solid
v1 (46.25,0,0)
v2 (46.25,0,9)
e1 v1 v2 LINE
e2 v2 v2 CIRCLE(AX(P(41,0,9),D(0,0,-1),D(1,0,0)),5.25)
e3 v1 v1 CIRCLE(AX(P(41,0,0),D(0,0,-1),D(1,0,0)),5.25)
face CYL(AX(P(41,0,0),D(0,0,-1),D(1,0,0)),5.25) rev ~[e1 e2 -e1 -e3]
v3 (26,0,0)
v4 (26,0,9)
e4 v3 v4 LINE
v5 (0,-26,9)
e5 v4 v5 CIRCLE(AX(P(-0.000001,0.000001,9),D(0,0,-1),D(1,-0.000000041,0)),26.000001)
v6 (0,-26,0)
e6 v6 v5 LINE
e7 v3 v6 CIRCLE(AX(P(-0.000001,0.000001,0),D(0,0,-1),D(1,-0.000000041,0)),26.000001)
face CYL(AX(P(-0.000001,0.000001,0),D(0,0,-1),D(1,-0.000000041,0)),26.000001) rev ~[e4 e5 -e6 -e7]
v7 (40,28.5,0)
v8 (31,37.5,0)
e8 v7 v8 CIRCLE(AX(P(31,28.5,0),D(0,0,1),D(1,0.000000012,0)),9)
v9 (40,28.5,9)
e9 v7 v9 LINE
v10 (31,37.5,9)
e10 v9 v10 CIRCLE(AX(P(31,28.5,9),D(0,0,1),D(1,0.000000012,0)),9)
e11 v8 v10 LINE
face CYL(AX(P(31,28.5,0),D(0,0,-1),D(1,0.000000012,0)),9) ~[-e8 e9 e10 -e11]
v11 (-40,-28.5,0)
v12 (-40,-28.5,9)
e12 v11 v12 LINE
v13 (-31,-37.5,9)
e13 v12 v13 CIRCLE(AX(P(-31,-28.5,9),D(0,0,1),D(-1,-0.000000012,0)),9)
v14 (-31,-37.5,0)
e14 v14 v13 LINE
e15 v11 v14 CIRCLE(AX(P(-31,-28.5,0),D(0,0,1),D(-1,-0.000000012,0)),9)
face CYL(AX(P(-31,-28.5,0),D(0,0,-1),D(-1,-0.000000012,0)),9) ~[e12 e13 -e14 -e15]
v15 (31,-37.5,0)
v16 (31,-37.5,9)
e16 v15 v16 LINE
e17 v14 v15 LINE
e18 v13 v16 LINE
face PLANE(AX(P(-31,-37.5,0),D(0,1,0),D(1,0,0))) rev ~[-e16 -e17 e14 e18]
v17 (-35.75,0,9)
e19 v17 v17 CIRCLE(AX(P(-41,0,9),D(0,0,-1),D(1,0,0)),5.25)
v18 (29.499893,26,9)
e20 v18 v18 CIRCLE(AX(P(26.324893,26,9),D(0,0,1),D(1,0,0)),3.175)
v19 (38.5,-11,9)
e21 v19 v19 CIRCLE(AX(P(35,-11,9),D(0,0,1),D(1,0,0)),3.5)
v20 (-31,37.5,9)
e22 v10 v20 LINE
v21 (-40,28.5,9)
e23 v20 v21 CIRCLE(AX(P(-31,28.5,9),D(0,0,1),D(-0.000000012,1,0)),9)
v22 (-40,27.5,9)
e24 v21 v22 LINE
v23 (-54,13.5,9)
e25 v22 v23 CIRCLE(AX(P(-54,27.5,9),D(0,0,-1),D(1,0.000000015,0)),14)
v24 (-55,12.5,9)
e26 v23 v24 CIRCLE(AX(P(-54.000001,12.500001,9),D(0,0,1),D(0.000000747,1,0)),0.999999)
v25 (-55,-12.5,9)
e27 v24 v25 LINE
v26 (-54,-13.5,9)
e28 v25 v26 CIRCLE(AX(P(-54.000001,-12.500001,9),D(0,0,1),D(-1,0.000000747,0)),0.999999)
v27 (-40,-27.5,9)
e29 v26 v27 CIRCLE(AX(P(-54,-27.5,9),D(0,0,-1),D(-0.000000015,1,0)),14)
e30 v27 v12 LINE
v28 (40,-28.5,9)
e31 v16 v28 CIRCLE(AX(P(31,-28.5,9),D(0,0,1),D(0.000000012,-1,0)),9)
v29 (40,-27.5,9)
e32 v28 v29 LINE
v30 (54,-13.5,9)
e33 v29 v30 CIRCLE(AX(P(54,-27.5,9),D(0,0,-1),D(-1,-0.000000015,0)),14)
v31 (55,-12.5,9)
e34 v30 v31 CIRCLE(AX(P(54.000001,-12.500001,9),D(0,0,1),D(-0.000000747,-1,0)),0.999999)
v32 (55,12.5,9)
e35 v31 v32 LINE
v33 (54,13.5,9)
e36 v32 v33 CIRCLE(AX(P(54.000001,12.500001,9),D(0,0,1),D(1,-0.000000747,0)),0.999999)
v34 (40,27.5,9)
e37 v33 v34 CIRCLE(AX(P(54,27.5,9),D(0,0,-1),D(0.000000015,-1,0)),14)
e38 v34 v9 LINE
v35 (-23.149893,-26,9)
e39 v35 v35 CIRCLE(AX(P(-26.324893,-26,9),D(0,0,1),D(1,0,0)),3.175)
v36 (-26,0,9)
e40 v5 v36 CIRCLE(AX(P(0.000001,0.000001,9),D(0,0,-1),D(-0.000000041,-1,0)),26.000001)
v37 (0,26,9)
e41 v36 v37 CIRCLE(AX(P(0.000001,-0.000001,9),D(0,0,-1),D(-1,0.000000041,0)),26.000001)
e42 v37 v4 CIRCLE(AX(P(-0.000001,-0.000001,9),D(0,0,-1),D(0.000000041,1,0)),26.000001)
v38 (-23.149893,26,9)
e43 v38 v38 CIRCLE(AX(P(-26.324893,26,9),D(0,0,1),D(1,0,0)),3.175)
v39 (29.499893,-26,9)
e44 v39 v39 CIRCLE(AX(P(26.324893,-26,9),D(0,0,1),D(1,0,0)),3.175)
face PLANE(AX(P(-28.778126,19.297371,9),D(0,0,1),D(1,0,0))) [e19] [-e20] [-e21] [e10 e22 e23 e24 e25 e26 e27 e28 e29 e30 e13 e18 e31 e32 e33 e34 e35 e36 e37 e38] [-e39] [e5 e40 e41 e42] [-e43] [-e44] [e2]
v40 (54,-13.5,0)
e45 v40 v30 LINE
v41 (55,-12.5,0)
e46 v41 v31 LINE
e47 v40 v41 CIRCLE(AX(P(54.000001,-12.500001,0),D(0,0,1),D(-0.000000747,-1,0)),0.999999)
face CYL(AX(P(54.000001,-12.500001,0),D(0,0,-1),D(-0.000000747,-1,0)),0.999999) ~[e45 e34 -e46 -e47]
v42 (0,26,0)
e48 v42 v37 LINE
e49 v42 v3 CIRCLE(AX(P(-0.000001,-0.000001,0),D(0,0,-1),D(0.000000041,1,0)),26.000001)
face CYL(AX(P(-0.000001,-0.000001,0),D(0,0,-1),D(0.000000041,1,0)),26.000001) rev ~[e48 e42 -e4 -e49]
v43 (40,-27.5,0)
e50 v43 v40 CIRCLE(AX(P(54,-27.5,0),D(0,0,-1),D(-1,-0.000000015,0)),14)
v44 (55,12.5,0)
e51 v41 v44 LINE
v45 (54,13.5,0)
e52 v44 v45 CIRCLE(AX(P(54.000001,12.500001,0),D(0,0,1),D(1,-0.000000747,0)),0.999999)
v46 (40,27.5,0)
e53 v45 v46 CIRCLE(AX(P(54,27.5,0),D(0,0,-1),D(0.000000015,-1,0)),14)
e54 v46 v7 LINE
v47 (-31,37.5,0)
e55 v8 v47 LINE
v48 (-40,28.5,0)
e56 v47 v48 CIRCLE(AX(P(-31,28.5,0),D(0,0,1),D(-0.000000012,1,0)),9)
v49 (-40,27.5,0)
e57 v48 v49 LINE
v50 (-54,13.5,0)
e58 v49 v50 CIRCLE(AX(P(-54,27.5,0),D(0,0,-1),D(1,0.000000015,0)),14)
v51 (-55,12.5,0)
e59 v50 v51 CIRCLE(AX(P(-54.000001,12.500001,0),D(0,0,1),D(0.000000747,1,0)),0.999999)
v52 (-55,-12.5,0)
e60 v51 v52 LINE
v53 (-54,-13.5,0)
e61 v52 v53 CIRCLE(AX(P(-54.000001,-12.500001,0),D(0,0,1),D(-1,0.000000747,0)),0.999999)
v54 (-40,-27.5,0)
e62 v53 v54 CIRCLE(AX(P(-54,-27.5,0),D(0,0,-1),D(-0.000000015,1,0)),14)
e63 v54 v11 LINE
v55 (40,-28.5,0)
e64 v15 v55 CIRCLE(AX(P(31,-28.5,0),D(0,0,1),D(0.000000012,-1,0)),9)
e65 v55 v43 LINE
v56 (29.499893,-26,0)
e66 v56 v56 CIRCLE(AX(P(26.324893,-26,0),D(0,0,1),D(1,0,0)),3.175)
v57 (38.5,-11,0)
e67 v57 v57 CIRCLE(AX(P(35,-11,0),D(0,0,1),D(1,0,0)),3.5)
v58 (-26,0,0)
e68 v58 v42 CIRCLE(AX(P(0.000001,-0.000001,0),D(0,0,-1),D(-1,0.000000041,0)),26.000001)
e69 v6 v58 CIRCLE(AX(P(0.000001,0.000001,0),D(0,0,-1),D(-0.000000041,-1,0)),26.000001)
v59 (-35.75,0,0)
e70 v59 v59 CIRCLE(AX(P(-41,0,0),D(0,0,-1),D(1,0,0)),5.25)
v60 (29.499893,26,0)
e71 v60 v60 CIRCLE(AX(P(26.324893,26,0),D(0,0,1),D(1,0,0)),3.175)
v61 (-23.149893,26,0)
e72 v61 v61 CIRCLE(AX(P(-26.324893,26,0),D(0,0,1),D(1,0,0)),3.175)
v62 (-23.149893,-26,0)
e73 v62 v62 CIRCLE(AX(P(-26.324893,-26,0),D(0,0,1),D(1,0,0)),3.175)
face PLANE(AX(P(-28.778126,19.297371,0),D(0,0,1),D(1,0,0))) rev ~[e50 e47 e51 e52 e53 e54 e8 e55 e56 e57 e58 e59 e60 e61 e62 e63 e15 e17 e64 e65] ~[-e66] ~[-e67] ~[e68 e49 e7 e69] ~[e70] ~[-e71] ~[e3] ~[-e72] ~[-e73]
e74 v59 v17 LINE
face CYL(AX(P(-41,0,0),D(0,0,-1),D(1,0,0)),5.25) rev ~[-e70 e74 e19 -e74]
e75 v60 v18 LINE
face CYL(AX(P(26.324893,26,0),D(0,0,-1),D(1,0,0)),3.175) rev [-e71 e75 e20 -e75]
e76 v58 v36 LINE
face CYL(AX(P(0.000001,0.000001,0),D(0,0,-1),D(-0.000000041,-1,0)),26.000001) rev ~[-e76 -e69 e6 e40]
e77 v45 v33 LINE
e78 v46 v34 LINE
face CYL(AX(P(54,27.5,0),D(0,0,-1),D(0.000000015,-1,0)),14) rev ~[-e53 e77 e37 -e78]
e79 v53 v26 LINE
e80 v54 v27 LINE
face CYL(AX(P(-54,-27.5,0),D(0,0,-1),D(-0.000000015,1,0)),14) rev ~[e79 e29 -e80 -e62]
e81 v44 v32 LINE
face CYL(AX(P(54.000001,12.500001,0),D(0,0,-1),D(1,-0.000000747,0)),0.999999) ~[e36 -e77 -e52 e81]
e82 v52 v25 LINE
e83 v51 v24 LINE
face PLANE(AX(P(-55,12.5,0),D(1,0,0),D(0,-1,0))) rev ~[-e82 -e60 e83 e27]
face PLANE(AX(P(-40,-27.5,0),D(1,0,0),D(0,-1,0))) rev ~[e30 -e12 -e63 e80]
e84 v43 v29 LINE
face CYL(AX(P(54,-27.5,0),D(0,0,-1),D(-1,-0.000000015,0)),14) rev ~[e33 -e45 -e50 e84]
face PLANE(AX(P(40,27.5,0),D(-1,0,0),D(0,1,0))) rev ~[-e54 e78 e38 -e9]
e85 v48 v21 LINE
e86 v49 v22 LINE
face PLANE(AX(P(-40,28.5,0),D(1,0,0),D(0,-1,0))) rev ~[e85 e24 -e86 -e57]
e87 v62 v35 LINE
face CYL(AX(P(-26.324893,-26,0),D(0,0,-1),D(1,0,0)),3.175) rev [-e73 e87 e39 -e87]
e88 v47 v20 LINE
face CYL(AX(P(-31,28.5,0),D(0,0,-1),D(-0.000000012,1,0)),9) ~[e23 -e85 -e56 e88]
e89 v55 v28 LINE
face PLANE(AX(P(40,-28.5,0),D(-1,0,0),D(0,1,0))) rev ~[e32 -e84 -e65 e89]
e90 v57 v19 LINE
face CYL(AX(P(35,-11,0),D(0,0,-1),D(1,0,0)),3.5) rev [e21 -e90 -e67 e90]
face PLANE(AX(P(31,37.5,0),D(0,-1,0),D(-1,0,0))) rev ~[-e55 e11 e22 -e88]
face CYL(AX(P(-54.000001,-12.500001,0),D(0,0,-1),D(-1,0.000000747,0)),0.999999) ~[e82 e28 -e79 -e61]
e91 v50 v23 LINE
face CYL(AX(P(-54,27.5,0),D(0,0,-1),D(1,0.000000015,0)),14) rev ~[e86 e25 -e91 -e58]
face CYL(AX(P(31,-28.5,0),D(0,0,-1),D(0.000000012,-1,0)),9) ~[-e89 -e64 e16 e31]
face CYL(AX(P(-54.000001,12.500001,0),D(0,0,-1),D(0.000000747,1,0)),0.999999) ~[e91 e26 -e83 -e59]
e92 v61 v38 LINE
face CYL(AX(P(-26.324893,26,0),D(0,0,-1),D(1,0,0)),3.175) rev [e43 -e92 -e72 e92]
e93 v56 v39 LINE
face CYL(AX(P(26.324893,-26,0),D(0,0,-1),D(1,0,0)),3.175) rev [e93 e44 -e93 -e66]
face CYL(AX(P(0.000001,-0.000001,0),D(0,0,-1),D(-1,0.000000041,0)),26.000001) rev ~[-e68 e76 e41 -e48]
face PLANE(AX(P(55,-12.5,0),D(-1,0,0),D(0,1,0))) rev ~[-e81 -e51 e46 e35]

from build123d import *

# Parameters (mm, degrees)
F0_R     = 3.175
F0_R_2   = 6
F0_R_3   = 3.5
F1_DEPTH = 9


with BuildPart() as f1:
    # F0 (on Top) → F1 (new body)
    with BuildSketch(Plane.XY):
        with BuildLine():
            Line((0, 26), (0, 37.5))
            Line((0, 37.5), (-31, 37.5))
            ThreePointArc((-31, 37.5), (-37.363961, 34.863961), (-40, 28.5))
            Line((-40, 28.5), (-40, 27.5))
            ThreePointArc((-40, 27.5), (-44.100505, 17.600505), (-54, 13.5))
            ThreePointArc((-54, 13.5), (-54.707107, 13.207107), (-55, 12.5))
            Line((-55, 12.5), (-55, 0))
            Line((-55, 0), (-46.25, 0))
            ThreePointArc((-46.25, 0), (-41, 5.25), (-35.75, 0))
            Line((-35.75, 0), (-26, 0))
            ThreePointArc((-26, 0), (-18.384776, 18.384776), (0, 26))
        make_face()
        with Locations((-26.324893, 26)):
            Circle(F0_R, mode=Mode.SUBTRACT)
        with BuildLine():
            Line((31, 37.5), (0, 37.5))
            Line((0, 37.5), (0, 26))
            ThreePointArc((0, 26), (18.384776, 18.384776), (26, 0))
            Line((26, 0), (35.75, 0))
            ThreePointArc((35.75, 0), (41, 5.25), (46.25, 0))
            Line((46.25, 0), (55, 0))
            Line((55, 0), (55, 12.5))
            ThreePointArc((55, 12.5), (54.707107, 13.207107), (54, 13.5))
            ThreePointArc((54, 13.5), (44.100505, 17.600505), (40, 27.5))
            Line((40, 27.5), (40, 28.5))
            ThreePointArc((40, 28.5), (37.363961, 34.863961), (31, 37.5))
        make_face()
        with Locations((26.324893, 26)):
            Circle(F0_R, mode=Mode.SUBTRACT)
        with BuildLine():
            ThreePointArc((0, -26), (-18.384776, -18.384776), (-26, 0))
            Line((-26, 0), (-35.75, 0))
            ThreePointArc((-35.75, 0), (-41, -5.25), (-46.25, 0))
            Line((-46.25, 0), (-55, 0))
            Line((-55, 0), (-55, -12.5))
            ThreePointArc((-55, -12.5), (-54.707107, -13.207107), (-54, -13.5))
            ThreePointArc((-54, -13.5), (-44.100505, -17.600505), (-40, -27.5))
            Line((-40, -27.5), (-40, -28.5))
            ThreePointArc((-40, -28.5), (-37.363961, -34.863961), (-31, -37.5))
            Line((-31, -37.5), (0, -37.5))
            Line((0, -37.5), (0, -26))
        make_face()
        with Locations((-26.324893, -26)):
            Circle(F0_R, mode=Mode.SUBTRACT)
        with BuildLine():
            Line((35.75, 0), (26, 0))
            ThreePointArc((26, 0), (18.384776, -18.384776), (0, -26))
            Line((0, -26), (0, -37.5))
            Line((0, -37.5), (31, -37.5))
            ThreePointArc((31, -37.5), (37.363961, -34.863961), (40, -28.5))
            Line((40, -28.5), (40, -27.5))
            ThreePointArc((40, -27.5), (44.100505, -17.600505), (54, -13.5))
            ThreePointArc((54, -13.5), (54.707107, -13.207107), (55, -12.5))
            Line((55, -12.5), (55, 0))
            Line((55, 0), (46.25, 0))
            ThreePointArc((46.25, 0), (41, -5.25), (35.75, 0))
        make_face()
        with Locations((26.324893, -26)):
            Circle(F0_R, mode=Mode.SUBTRACT)
        with Locations((35, -11)):
            Circle(F0_R_2, mode=Mode.SUBTRACT)
        with Locations((35, -11)):
            Circle(F0_R_2)
        with Locations((35, -11)):
            Circle(F0_R_3, mode=Mode.SUBTRACT)
    extrude(amount=F1_DEPTH)


solid = f1.part
